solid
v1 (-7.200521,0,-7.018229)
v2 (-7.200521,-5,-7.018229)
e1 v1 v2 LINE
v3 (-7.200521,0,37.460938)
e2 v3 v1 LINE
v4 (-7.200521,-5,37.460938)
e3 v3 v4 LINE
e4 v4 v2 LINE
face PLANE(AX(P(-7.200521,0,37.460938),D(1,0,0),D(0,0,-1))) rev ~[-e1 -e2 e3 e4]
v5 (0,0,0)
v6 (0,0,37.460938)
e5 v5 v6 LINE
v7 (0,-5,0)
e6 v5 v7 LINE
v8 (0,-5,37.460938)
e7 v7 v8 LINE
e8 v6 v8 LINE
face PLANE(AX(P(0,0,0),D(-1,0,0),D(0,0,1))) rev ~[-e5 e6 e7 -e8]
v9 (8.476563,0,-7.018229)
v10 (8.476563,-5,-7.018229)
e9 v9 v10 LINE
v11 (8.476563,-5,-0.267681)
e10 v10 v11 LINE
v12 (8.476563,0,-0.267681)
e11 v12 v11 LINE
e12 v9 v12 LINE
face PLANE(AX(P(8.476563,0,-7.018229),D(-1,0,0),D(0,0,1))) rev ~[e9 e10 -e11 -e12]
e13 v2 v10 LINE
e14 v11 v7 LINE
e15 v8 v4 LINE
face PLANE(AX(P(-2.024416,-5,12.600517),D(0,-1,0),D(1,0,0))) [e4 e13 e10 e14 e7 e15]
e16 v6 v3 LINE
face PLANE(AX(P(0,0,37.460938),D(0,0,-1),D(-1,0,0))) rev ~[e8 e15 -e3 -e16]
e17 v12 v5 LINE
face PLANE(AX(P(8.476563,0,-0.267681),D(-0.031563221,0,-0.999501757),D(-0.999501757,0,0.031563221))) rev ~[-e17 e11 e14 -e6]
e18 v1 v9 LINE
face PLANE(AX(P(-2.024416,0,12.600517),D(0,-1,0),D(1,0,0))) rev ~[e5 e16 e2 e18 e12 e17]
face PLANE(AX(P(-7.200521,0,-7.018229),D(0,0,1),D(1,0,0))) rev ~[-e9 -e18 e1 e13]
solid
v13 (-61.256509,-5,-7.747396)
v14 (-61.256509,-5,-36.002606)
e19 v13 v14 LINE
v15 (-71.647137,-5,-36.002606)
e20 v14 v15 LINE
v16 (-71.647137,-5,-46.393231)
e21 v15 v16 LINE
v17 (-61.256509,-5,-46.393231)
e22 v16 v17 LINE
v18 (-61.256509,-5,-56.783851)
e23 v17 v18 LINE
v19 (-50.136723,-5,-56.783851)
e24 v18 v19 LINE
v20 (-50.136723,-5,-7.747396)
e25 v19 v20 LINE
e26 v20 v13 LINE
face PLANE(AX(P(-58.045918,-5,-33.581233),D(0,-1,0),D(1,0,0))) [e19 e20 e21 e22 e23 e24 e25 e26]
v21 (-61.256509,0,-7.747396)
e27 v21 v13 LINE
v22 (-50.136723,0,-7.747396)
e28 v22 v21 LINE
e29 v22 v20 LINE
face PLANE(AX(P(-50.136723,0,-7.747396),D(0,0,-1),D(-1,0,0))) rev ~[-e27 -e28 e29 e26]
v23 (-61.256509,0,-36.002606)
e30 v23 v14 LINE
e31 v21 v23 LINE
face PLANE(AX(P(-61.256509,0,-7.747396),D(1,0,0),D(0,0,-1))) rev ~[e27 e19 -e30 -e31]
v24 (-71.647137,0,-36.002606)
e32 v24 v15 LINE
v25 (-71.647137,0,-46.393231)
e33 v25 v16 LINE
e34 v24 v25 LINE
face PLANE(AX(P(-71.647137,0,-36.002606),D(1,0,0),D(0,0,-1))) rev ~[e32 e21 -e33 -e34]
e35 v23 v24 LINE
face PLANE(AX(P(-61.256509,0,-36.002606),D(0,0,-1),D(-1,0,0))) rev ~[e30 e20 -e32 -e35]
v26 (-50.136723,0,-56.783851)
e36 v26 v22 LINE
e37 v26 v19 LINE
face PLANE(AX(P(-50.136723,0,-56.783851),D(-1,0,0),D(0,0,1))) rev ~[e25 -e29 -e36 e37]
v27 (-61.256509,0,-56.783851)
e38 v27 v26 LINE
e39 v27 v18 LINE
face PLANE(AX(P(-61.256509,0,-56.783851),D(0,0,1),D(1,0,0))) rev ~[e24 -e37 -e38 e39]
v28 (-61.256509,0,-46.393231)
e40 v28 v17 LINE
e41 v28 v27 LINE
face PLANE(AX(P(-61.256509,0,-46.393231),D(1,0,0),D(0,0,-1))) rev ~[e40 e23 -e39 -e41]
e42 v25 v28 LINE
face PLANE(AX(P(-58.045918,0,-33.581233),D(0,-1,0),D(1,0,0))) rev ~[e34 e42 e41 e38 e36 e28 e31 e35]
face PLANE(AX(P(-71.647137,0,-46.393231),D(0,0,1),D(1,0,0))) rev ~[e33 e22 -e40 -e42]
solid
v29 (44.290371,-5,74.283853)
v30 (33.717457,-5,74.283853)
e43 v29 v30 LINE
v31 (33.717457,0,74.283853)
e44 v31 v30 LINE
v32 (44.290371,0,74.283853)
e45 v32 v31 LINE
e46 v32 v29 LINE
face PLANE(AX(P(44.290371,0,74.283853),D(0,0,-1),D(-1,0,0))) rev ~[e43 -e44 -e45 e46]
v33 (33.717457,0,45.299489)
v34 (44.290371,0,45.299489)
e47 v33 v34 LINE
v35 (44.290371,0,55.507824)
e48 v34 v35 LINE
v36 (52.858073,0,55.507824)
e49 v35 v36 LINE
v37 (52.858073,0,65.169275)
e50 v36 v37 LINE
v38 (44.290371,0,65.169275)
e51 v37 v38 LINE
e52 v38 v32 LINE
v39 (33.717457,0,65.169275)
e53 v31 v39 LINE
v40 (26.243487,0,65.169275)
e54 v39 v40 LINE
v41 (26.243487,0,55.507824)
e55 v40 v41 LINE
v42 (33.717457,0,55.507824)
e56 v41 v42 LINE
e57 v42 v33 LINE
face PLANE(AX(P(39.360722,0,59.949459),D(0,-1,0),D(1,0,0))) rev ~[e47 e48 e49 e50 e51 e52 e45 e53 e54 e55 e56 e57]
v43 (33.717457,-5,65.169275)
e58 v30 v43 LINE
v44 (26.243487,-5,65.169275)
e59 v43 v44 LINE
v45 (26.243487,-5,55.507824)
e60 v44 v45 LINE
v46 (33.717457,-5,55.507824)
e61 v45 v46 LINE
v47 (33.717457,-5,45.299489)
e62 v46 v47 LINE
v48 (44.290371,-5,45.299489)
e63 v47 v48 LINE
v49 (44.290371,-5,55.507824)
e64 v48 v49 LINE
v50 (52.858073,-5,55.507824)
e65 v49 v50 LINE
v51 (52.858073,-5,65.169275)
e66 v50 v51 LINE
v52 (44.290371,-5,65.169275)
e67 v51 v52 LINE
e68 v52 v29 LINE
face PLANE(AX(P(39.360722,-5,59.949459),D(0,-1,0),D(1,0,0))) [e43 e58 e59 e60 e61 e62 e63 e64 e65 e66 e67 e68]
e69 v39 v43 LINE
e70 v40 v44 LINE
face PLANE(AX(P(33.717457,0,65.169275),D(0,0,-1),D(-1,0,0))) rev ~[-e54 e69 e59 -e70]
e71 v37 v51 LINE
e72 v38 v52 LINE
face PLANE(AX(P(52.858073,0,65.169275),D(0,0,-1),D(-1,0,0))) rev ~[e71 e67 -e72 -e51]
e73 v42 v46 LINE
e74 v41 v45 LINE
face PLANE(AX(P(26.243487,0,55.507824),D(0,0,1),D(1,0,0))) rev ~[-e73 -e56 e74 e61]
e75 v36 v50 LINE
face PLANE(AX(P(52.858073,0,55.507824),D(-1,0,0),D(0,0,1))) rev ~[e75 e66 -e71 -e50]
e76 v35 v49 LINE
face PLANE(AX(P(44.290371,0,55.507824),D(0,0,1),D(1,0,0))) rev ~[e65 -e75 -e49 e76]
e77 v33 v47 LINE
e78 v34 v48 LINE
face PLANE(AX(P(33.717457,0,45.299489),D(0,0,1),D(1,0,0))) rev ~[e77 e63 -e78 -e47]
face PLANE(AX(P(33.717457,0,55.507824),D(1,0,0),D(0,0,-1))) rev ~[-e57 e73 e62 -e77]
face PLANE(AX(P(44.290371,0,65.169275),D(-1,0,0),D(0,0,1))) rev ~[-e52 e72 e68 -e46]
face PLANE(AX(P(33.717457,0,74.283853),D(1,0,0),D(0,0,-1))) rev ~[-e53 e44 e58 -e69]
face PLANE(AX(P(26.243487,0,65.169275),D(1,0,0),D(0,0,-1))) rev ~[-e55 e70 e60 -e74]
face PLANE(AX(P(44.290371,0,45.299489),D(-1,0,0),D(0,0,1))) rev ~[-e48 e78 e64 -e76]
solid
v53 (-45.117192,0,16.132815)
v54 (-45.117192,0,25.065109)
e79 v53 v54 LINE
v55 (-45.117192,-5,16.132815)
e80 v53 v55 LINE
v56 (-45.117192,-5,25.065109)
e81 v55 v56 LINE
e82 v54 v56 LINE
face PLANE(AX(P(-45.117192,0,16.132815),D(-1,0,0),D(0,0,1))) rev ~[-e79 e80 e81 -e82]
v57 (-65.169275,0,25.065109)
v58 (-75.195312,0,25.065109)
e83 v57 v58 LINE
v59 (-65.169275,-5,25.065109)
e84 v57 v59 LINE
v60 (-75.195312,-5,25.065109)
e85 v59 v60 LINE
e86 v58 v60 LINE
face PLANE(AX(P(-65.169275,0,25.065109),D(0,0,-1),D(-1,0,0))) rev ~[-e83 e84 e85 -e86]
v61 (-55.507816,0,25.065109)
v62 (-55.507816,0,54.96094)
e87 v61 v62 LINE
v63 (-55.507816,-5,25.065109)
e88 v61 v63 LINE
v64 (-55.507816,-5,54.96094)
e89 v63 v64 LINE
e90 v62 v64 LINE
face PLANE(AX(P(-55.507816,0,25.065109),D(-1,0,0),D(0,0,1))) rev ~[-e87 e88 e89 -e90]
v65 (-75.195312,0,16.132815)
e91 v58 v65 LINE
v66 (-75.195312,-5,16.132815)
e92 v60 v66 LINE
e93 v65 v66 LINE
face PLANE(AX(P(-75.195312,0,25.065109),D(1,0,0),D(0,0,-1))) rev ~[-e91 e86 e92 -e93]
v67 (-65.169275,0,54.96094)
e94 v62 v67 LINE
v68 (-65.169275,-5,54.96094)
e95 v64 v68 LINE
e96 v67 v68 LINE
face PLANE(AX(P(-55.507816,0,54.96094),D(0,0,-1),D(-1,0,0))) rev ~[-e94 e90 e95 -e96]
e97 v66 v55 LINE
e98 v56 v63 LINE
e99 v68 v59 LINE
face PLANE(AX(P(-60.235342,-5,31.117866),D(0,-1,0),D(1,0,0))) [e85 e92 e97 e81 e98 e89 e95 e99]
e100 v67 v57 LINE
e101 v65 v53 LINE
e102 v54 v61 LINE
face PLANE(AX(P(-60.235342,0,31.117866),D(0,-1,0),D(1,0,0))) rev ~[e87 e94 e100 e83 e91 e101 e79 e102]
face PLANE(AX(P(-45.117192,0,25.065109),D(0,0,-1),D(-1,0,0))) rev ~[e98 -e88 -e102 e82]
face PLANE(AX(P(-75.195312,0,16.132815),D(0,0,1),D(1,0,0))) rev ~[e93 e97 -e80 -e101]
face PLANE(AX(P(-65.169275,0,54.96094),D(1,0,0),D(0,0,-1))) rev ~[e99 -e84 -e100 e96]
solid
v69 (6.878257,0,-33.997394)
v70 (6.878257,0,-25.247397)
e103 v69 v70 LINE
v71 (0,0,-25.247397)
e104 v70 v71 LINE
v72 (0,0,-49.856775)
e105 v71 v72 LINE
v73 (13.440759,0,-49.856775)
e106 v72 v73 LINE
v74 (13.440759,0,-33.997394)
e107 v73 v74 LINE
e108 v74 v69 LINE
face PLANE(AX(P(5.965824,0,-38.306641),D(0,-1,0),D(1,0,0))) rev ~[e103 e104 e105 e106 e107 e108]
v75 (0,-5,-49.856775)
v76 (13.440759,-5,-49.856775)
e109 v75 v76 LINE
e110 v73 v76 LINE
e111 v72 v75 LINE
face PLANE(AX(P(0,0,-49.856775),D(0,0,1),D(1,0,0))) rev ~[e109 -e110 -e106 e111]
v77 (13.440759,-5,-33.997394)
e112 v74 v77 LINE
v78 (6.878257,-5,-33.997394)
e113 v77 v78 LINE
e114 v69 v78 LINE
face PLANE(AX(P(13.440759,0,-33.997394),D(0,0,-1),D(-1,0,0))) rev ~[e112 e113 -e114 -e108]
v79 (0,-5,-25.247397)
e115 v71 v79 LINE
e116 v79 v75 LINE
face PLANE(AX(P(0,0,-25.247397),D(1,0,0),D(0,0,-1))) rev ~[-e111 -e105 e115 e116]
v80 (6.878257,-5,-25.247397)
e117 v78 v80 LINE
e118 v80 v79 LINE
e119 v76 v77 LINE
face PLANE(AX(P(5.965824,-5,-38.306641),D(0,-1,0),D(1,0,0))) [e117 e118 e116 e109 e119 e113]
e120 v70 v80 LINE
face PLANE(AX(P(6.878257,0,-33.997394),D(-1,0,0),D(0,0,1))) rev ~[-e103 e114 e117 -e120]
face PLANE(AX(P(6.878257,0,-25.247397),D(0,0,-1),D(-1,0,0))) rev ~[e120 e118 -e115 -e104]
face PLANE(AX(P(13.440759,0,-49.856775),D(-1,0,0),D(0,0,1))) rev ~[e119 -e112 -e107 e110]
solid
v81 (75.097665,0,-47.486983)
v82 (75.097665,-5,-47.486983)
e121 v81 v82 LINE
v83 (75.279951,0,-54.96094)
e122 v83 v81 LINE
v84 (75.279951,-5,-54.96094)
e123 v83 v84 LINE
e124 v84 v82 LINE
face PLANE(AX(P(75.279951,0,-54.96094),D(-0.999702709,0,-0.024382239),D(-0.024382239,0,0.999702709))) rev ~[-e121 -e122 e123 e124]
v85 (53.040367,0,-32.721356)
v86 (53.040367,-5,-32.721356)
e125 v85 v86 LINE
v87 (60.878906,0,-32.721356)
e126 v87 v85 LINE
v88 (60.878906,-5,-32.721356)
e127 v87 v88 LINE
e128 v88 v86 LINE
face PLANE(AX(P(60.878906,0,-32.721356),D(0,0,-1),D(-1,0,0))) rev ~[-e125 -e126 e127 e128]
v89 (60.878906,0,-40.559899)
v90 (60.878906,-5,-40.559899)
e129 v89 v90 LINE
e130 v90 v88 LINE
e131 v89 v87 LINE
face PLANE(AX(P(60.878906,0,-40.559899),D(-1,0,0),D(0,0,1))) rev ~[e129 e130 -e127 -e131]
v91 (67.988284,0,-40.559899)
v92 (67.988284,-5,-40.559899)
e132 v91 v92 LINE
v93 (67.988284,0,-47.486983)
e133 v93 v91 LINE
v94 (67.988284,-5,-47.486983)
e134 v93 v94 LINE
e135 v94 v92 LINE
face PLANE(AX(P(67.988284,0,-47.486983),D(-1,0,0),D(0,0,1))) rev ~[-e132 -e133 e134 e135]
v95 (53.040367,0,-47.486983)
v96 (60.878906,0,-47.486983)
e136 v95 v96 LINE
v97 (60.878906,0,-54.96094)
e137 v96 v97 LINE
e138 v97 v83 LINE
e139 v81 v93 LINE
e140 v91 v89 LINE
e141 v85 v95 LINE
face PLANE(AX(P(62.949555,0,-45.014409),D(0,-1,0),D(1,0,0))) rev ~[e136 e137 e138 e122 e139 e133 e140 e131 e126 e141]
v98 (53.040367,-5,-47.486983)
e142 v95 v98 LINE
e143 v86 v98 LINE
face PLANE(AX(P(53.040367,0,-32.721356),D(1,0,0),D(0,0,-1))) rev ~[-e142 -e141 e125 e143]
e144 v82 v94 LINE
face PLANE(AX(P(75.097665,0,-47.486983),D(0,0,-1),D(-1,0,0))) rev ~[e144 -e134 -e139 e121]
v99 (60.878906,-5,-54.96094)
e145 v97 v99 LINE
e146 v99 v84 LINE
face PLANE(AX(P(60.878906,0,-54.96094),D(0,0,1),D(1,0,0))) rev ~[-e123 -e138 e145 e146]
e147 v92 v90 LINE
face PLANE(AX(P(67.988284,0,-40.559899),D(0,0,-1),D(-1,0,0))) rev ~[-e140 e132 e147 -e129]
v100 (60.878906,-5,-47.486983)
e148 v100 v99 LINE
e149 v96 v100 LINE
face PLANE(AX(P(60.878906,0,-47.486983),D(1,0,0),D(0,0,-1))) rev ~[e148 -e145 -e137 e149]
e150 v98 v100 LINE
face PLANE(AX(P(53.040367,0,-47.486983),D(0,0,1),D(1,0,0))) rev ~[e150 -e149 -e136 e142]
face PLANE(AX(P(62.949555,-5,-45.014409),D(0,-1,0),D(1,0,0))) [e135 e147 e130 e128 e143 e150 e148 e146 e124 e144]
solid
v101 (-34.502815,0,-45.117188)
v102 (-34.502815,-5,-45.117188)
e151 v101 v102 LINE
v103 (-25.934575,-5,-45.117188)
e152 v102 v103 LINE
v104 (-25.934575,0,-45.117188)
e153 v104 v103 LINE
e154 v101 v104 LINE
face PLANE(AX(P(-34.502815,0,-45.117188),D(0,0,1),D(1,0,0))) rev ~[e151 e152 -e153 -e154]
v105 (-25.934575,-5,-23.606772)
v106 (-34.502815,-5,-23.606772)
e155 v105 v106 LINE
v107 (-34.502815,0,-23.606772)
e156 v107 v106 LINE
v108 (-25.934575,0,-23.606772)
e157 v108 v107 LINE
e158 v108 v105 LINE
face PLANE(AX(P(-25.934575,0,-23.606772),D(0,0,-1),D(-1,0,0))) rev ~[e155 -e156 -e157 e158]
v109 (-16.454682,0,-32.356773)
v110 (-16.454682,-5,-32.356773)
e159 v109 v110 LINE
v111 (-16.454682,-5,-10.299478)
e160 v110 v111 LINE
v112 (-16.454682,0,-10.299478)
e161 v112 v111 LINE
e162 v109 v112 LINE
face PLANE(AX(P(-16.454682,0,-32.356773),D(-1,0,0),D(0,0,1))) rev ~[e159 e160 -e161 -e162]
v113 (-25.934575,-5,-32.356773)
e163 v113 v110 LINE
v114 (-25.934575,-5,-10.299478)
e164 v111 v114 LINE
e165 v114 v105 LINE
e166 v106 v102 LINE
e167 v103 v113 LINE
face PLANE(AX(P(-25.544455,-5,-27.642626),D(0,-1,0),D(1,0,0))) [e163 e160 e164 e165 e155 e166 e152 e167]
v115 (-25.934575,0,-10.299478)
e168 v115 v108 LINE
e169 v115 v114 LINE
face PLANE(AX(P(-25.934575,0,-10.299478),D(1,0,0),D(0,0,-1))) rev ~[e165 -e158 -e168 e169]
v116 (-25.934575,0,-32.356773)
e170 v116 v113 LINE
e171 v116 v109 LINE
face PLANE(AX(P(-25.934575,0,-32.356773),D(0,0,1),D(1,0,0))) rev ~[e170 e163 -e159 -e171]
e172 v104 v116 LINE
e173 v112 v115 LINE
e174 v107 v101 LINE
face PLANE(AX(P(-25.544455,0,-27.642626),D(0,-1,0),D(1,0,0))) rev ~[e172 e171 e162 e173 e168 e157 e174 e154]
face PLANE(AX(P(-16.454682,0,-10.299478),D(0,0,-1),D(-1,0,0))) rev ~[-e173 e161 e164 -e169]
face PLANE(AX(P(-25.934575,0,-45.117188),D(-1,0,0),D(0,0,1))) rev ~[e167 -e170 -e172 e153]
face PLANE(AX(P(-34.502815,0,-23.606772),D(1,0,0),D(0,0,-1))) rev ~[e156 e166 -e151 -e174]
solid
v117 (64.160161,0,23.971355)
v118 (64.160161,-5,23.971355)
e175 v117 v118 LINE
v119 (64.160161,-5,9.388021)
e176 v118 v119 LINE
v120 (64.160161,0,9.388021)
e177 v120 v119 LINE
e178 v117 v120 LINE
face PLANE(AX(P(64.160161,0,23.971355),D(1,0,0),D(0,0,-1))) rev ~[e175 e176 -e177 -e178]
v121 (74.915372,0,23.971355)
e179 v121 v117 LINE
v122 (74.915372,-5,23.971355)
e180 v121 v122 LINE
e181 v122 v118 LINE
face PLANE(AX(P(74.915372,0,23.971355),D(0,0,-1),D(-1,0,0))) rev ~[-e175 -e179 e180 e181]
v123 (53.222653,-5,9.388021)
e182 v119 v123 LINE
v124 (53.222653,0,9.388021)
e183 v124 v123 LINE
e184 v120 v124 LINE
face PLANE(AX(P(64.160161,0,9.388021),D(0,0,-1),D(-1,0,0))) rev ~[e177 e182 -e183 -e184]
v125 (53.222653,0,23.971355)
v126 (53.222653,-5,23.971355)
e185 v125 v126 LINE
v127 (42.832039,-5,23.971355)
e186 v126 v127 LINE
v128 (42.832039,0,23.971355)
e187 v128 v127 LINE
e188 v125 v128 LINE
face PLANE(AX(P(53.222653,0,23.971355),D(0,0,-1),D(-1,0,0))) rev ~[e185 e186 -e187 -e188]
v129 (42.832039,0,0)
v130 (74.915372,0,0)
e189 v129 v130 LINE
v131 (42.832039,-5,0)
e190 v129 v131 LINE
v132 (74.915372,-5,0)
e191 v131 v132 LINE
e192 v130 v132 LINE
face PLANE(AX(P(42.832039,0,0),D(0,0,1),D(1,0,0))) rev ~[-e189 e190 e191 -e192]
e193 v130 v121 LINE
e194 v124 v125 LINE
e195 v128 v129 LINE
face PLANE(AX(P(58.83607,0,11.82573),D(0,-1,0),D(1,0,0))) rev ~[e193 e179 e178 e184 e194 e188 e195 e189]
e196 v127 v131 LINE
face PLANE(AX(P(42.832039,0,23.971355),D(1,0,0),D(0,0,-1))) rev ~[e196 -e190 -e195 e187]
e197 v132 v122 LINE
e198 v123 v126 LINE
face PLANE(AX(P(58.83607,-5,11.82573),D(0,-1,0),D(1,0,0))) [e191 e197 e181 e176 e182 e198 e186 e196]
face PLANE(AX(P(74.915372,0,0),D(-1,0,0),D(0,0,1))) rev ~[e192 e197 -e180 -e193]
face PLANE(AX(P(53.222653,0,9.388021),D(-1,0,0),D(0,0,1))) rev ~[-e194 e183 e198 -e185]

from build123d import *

# Parameters (mm, degrees)
F1_DEPTH  = 5
F3_DEPTH  = 5
F5_DEPTH  = 5
F7_DEPTH  = 5
F9_DEPTH  = 5
F11_DEPTH = 5
F13_DEPTH = 5
F15_DEPTH = 5


with BuildPart() as f1:
    # F0 (on Front) → F1 (new body)
    with BuildSketch(Plane.XZ):
        Polygon((0, 0), (0, 37.460938), (-7.200521, 37.460938), (-7.200521, -7.018229), (8.476563, -7.018229), (8.476563, -0.267681), align=None)
    extrude(amount=F1_DEPTH)


with BuildPart() as f3:
    # F2 (on Front) → F3 (new body)
    with BuildSketch(Plane.XZ):
        Polygon((-55.507816, 54.96094), (-65.169275, 54.96094), (-65.169275, 25.065109), (-75.195312, 25.065109), (-75.195312, 16.132815), (-45.117192, 16.132815), (-45.117192, 25.065109), (-55.507816, 25.065109), align=None)
    extrude(amount=F3_DEPTH)


with BuildPart() as f5:
    # F4 (on Front) → F5 (new body)
    with BuildSketch(Plane.XZ):
        Polygon((74.915372, 0), (74.915372, 23.971355), (64.160161, 23.971355), (64.160161, 9.388021), (53.222653, 9.388021), (53.222653, 23.971355), (42.832039, 23.971355), (42.832039, 0), align=None)
    extrude(amount=F5_DEPTH)


with BuildPart() as f7:
    # F6 (on Front) → F7 (new body)
    with BuildSketch(Plane.XZ):
        Polygon((-61.256509, -46.393231), (-61.256509, -56.783851), (-50.136723, -56.783851), (-50.136723, -46.393231), (-50.136723, -7.747396), (-61.256509, -7.747396), (-61.256509, -36.002606), (-71.647137, -36.002606), (-71.647137, -46.393231), align=None)
    extrude(amount=F7_DEPTH)


with BuildPart() as f9:
    # F8 (on Front) → F9 (new body)
    with BuildSketch(Plane.XZ):
        Polygon((44.290371, 74.283853), (33.717457, 74.283853), (33.717457, 65.169275), (26.243487, 65.169275), (26.243487, 55.507824), (33.717457, 55.507824), (33.717457, 45.299489), (44.290371, 45.299489), (44.290371, 55.507824), (52.858073, 55.507824), (52.858073, 65.169275), (44.290371, 65.169275), align=None)
    extrude(amount=F9_DEPTH)


with BuildPart() as f11:
    # F10 (on Front) → F11 (new body)
    with BuildSketch(Plane.XZ):
        Polygon((60.878906, -54.96094), (75.279951, -54.96094), (75.097665, -47.486983), (67.988284, -47.486983), (67.988284, -40.559899), (60.878906, -40.559899), (60.878906, -32.721356), (53.040367, -32.721356), (53.040367, -47.486983), (60.878906, -47.486983), align=None)
    extrude(amount=F11_DEPTH)


with BuildPart() as f13:
    # F12 (on Front) → F13 (new body)
    with BuildSketch(Plane.XZ):
        Polygon((0, -25.247397), (0, -33.997394), (0, -49.856775), (13.440759, -49.856775), (13.440759, -33.997394), (6.878257, -33.997394), (6.878257, -25.247397), align=None)
    extrude(amount=F13_DEPTH)


with BuildPart() as f15:
    # F14 (on Front) → F15 (new body)
    with BuildSketch(Plane.XZ):
        Polygon((-16.454682, -10.299478), (-25.934575, -10.299478), (-25.934575, -23.606772), (-34.502815, -23.606772), (-34.502815, -45.117188), (-25.934575, -45.117188), (-25.934575, -32.356773), (-16.454682, -32.356773), align=None)
    extrude(amount=F15_DEPTH)


solid = Compound([f1.part, f3.part, f5.part, f7.part, f9.part, f11.part, f13.part, f15.part])
